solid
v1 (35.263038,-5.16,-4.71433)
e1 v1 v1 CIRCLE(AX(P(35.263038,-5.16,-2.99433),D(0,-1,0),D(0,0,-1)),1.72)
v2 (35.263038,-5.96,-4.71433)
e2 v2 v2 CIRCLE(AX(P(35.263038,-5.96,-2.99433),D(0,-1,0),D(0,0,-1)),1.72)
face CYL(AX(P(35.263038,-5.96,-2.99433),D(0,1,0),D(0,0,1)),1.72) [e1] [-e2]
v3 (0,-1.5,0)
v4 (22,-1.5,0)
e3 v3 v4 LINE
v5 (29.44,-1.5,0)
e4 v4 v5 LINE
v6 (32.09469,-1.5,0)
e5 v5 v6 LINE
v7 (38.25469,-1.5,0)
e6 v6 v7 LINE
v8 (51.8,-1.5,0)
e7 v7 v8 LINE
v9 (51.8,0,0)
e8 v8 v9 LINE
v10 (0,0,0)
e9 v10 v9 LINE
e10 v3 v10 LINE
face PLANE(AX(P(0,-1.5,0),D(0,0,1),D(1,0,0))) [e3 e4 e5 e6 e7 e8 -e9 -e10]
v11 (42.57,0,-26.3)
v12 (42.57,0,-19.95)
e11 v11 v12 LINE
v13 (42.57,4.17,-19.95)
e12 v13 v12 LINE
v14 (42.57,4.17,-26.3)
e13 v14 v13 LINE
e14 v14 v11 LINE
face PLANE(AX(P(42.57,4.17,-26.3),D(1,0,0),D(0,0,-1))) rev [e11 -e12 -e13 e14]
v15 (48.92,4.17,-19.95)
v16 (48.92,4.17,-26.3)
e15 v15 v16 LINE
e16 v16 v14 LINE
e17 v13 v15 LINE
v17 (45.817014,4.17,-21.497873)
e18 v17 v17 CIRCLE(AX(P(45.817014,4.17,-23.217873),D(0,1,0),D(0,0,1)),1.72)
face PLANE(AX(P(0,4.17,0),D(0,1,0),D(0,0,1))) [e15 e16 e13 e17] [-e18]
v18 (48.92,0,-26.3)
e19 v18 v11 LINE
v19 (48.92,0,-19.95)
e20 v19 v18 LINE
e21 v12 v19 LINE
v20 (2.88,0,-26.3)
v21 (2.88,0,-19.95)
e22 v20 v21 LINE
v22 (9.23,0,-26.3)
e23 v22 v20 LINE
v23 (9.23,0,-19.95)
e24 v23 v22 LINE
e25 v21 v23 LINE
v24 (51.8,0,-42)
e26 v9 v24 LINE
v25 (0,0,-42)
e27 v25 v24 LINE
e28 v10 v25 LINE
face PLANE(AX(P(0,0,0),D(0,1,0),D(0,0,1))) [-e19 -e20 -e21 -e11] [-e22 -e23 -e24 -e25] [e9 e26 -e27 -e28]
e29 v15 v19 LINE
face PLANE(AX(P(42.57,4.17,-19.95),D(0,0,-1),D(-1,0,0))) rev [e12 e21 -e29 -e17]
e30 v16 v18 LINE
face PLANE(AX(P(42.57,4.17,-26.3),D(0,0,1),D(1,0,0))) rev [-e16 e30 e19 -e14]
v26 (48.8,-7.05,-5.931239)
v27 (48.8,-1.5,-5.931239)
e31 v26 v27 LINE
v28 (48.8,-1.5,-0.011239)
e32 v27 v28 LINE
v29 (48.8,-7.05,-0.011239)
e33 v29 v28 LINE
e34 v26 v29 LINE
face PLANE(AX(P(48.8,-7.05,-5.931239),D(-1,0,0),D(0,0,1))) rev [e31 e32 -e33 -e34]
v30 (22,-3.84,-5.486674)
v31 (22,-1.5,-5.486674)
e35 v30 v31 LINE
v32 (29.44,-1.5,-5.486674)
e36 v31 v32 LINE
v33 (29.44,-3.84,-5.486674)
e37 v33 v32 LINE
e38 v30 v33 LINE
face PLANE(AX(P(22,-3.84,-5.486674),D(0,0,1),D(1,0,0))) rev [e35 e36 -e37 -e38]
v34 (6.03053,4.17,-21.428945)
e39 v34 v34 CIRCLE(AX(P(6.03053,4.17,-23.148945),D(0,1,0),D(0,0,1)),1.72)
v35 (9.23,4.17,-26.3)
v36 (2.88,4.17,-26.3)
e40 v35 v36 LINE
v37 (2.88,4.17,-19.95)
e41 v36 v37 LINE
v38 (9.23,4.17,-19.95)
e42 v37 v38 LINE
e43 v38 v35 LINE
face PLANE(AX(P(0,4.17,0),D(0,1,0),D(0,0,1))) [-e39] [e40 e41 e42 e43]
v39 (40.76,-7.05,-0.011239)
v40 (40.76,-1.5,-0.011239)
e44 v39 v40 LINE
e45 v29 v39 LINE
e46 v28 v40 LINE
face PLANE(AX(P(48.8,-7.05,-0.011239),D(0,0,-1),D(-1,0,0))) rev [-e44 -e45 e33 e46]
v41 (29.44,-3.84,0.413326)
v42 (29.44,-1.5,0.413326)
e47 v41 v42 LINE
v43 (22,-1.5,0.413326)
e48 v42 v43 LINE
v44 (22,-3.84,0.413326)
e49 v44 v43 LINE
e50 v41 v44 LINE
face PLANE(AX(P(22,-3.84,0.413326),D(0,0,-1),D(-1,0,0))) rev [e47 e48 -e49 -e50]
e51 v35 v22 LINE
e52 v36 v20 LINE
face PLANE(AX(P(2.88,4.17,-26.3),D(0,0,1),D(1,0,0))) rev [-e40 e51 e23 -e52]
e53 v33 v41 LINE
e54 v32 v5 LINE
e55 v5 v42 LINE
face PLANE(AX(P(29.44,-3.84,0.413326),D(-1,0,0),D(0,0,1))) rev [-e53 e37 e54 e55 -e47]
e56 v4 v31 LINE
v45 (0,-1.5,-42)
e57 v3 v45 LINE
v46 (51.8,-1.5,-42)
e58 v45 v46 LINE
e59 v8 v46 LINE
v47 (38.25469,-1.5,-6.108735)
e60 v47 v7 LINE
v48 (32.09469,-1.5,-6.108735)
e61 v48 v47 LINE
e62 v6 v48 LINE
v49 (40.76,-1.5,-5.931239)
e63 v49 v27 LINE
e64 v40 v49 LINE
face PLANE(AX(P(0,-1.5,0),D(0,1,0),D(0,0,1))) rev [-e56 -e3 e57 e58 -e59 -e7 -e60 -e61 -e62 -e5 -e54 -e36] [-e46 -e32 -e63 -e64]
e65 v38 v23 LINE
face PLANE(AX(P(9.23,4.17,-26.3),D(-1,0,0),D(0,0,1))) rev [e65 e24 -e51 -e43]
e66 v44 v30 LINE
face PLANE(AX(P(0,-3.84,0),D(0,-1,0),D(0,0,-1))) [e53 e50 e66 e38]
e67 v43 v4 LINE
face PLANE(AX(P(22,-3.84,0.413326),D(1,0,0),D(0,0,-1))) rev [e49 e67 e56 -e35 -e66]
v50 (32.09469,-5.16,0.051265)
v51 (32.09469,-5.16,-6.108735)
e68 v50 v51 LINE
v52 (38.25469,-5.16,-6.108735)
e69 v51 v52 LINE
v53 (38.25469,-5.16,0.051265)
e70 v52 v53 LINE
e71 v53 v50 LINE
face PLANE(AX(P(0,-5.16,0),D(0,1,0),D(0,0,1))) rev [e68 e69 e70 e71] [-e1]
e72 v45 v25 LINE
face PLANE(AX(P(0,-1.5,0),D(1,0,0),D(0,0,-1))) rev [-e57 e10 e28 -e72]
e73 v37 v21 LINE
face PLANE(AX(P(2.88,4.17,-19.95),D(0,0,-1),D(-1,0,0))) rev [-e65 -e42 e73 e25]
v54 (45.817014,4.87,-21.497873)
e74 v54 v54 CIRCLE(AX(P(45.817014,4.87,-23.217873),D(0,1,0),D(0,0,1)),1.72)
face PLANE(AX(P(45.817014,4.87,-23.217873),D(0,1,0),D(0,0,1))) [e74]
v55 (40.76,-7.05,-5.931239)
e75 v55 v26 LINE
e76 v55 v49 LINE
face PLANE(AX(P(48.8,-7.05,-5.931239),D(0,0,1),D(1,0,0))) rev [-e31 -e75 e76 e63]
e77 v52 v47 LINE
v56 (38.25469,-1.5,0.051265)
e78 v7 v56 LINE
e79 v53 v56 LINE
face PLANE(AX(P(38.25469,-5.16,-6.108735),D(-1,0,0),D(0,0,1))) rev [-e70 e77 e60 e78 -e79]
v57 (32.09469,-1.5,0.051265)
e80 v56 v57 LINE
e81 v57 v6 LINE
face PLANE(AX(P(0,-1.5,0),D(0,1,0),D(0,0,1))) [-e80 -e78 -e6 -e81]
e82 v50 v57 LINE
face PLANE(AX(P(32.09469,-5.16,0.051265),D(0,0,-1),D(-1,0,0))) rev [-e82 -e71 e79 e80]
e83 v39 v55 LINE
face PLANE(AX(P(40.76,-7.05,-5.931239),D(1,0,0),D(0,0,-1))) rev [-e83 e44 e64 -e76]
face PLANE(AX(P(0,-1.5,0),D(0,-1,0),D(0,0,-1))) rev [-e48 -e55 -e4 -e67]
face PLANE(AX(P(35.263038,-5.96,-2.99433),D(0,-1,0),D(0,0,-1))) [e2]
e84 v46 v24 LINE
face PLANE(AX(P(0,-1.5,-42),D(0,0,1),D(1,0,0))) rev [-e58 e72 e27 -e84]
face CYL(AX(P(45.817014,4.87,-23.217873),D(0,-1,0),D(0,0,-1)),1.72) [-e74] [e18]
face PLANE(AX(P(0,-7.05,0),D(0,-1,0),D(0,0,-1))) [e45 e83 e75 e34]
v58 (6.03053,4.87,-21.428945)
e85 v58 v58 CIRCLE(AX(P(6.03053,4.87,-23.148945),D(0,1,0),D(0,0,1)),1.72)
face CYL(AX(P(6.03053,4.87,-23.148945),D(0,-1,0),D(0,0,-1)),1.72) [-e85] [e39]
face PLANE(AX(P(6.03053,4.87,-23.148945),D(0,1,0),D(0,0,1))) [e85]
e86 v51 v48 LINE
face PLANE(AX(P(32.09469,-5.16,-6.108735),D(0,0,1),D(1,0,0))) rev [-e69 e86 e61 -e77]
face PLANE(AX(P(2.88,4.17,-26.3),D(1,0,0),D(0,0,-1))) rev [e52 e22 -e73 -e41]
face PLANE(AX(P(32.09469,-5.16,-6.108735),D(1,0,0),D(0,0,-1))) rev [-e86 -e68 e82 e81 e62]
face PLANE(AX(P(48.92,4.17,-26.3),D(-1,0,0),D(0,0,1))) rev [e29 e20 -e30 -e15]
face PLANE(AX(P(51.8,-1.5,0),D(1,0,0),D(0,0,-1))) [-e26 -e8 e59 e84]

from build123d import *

# Parameters (mm, degrees)
ESQUISSE1_W        = 51.8
ESQUISSE1_H        = 42
BOSS_EXTRU_1_DEPTH = 1.5
ESQUISSE2_W        = 6.35
ESQUISSE2_H        = 6.35
BOSS_EXTRU_2_DEPTH = 4.17
ESQUISSE3_R        = 1.72
BOSS_EXTRU_3_DEPTH = 0.7
ESQUISSE7_W        = 6.16
ESQUISSE7_H        = 6.16
BOSS_EXTRU_4_DEPTH = 3.66
ESQUISSE5_W        = 7.44
ESQUISSE5_H        = 5.9
BOSS_EXTRU_5_DEPTH = 2.34
ESQUISSE6_W        = 8.04
ESQUISSE6_H        = 5.92
BOSS_EXTRU_6_DEPTH = 5.55
ESQUISSE8_R        = 1.72
BOSS_EXTRU_7_DEPTH = 0.8


with BuildPart() as part:
    # Esquisse1 → Boss.-Extru.1 (new body)
    with BuildSketch(Plane(origin=(0, 0, 0), x_dir=(1, 0, 0), z_dir=(0, 1, 0))):
        with Locations((25.9, 21)):
            Rectangle(ESQUISSE1_W, ESQUISSE1_H)
    extrude(amount=-BOSS_EXTRU_1_DEPTH)

    # Esquisse2 → Boss.-Extru.2 (add)
    with BuildSketch(Plane(origin=(0, 0, 0), x_dir=(1, 0, 0), z_dir=(0, 1, 0))):
        with Locations((45.745, 23.125)):
            Rectangle(ESQUISSE2_W, ESQUISSE2_H)
        with Locations((6.055, 23.125)):
            Rectangle(ESQUISSE2_W, ESQUISSE2_H)
    extrude(amount=BOSS_EXTRU_2_DEPTH)

    # Esquisse3 → Boss.-Extru.3 (add)
    with BuildSketch(Plane(origin=(0, 4.17, 0), x_dir=(1, 0, 0), z_dir=(0, 1, 0))):
        with Locations((6.030530149, 23.148945457)):
            Circle(ESQUISSE3_R)
        with Locations((45.817014074, 23.217873135)):
            Circle(ESQUISSE3_R)
    extrude(amount=BOSS_EXTRU_3_DEPTH)

    # Esquisse7 → Boss.-Extru.4 (add)
    with BuildSketch(Plane.XZ.offset(1.5)):
        with Locations((35.174690325, -3.02873507)):
            Rectangle(ESQUISSE7_W, ESQUISSE7_H)
    extrude(amount=BOSS_EXTRU_4_DEPTH)

    # Esquisse5 → Boss.-Extru.5 (add)
    with BuildSketch(Plane.XZ.offset(1.5)):
        with Locations((25.72, -2.536674281)):
            Rectangle(ESQUISSE5_W, ESQUISSE5_H)
    extrude(amount=BOSS_EXTRU_5_DEPTH)

    # Esquisse6 → Boss.-Extru.6 (add)
    with BuildSketch(Plane.XZ.offset(1.5)):
        with Locations((44.78, -2.971238989)):
            Rectangle(ESQUISSE6_W, ESQUISSE6_H)
    extrude(amount=BOSS_EXTRU_6_DEPTH)

    # Esquisse8 → Boss.-Extru.7 (add)
    with BuildSketch(Plane.XZ.offset(5.16)):
        with Locations((35.263038033, -2.994330068)):
            Circle(ESQUISSE8_R)
    extrude(amount=BOSS_EXTRU_7_DEPTH)


solid = part.part
